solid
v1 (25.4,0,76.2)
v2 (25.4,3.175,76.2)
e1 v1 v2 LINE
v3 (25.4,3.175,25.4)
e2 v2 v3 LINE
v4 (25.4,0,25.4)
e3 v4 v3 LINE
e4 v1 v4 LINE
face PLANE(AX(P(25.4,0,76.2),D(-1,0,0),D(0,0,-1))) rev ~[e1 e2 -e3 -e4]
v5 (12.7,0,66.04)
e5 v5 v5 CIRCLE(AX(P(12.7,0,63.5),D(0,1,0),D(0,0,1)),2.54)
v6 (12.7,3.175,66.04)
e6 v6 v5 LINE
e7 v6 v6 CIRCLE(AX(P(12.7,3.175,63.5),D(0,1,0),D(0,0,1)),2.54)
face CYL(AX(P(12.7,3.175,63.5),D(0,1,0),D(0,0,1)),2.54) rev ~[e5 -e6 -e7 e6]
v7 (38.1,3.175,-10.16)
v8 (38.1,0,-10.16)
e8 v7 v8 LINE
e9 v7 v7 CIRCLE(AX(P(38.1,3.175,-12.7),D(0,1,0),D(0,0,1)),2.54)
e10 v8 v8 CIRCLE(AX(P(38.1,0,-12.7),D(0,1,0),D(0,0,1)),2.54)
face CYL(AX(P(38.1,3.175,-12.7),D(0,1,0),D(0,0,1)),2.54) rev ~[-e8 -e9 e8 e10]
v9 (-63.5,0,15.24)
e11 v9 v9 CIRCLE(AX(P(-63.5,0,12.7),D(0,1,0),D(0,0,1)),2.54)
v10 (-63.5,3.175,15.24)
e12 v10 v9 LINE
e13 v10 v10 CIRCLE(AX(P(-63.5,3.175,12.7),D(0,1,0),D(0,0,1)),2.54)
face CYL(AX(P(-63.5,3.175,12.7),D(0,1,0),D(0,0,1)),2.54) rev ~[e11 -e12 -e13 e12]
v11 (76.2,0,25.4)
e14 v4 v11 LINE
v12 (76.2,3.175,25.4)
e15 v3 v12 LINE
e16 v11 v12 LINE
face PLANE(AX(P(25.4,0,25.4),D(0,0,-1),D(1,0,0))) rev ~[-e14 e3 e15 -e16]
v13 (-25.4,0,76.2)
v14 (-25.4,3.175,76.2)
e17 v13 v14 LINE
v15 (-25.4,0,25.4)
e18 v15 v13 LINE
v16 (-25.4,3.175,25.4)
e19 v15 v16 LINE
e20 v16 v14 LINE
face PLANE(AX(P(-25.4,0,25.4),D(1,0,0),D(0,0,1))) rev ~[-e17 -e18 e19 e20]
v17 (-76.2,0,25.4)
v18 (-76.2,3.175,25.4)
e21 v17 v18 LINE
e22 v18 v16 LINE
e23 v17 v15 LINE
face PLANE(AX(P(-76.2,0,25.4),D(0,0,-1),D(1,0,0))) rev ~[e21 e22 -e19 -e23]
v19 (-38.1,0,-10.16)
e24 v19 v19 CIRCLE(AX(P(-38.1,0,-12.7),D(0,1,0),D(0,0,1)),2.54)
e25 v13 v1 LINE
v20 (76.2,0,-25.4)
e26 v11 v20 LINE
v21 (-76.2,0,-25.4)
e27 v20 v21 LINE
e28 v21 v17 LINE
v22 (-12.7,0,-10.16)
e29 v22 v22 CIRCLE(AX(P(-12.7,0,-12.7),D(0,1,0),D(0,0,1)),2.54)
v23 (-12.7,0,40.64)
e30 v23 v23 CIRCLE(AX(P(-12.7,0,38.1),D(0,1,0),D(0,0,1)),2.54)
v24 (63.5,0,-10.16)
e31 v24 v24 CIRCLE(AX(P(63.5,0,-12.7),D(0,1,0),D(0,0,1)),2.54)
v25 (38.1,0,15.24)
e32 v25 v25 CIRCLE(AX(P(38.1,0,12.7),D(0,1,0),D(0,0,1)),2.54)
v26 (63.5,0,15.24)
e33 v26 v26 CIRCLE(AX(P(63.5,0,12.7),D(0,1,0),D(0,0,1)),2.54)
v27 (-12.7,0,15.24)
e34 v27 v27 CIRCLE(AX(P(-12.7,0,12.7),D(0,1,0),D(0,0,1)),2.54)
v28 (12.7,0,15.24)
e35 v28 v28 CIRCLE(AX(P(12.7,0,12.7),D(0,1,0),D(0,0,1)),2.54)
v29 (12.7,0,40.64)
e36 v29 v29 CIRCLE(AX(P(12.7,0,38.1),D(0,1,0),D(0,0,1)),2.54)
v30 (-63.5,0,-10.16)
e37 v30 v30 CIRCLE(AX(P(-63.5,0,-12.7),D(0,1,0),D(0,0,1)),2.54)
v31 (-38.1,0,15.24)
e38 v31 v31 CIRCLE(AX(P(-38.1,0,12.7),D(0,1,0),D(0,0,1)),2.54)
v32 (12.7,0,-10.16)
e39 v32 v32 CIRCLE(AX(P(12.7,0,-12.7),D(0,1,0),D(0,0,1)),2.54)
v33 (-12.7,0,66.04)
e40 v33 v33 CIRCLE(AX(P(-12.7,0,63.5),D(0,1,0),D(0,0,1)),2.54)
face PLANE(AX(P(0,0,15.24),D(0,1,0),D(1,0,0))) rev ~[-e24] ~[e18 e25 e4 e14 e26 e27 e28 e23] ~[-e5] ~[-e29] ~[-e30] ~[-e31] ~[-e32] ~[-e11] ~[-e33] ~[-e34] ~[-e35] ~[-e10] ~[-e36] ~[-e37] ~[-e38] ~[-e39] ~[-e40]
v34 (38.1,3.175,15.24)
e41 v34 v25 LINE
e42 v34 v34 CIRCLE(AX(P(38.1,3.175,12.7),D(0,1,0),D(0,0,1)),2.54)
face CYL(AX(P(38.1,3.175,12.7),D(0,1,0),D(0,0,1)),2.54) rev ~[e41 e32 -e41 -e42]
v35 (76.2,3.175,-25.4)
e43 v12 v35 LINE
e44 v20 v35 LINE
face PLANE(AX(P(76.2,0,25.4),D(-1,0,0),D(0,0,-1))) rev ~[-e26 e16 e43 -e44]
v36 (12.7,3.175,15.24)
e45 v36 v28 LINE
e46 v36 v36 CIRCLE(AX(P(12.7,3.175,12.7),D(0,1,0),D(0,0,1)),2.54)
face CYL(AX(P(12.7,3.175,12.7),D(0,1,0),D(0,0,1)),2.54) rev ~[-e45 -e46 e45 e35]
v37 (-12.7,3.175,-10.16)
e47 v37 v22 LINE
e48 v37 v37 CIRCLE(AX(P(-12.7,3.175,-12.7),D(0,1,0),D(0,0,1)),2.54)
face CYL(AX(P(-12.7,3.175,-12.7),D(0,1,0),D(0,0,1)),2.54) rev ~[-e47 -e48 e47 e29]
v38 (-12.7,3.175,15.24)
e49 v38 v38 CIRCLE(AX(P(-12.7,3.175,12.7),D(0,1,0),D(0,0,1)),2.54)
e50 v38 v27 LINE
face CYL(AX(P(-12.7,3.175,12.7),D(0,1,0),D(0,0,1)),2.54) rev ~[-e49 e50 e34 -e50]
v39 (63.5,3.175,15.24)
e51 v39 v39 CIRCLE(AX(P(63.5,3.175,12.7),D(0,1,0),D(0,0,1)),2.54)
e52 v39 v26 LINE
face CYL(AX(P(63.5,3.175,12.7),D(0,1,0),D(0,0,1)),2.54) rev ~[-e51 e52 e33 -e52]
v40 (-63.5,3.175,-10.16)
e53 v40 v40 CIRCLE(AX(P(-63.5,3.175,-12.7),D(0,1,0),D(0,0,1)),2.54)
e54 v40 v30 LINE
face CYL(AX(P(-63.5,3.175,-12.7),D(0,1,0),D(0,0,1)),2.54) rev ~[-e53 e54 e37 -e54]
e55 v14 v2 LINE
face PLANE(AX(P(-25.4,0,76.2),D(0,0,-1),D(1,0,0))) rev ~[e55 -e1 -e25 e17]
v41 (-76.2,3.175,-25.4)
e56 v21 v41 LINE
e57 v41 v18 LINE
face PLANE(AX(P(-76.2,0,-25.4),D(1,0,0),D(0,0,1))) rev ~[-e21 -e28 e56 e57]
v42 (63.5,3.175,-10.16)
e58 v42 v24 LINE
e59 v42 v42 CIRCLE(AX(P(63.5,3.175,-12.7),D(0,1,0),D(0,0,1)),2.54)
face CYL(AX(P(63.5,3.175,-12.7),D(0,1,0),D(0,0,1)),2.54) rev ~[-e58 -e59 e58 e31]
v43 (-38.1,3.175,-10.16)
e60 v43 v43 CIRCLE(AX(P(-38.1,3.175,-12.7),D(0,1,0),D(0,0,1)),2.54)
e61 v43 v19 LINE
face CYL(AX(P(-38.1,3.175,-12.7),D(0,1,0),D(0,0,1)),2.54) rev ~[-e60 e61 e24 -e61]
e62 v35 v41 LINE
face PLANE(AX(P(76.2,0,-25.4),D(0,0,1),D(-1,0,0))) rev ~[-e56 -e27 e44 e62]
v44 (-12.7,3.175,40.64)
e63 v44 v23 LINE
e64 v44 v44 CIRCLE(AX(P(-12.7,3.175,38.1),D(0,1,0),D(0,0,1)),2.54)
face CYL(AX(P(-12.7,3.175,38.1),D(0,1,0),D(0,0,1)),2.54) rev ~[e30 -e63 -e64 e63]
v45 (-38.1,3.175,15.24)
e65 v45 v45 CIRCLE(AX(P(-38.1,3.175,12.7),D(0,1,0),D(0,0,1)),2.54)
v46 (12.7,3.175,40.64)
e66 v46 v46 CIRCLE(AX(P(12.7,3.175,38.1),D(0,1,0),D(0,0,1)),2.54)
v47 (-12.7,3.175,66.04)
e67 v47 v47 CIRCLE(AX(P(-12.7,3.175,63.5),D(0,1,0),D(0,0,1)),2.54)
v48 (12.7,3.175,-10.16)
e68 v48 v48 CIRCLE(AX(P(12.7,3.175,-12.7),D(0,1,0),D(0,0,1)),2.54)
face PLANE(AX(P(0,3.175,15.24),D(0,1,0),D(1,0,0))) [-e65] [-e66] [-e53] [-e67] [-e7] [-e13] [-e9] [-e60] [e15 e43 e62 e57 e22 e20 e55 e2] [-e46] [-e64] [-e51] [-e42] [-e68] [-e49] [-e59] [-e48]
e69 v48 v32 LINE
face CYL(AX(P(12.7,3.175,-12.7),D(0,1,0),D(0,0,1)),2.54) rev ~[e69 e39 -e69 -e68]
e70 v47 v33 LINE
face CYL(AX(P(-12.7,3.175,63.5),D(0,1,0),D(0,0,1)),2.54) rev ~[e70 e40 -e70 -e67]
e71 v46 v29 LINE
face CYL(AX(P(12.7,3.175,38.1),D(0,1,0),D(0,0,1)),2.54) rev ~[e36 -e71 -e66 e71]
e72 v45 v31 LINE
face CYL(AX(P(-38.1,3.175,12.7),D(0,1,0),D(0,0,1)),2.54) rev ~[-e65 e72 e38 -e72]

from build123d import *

# Parameters (mm, degrees)
BOSS_EXTRUDE1_DEPTH  = 3.175
SKETCH2_R            = 2.54
CUT_EXTRUDE1_DEPTH   = 3.175
LPATTERN1_COUNT      = 6
LPATTERN1_PITCH      = 25.4
LPATTERN1_COUNT_DIR2 = 2
LPATTERN1_PITCH_DIR2 = 25.4
SKETCH3_R            = 2.54
CUT_EXTRUDE2_DEPTH   = 3.175
LPATTERN2_COUNT      = 2
LPATTERN2_PITCH      = 25.4
LPATTERN2_COUNT_DIR2 = 2
LPATTERN2_PITCH_DIR2 = 25.4


with BuildPart() as part:
    # Sketch1 → Boss-Extrude1 (new body)
    with BuildSketch(Plane(origin=(0, 0, 0), x_dir=(1, 0, 0), z_dir=(0, 1, 0))):
        Polygon((25.4, -25.4), (76.2, -25.4), (76.2, 25.4), (-76.2, 25.4), (-76.2, -25.4), (-25.4, -25.4), (-25.4, -76.2), (25.4, -76.2), align=None)
    extrude(amount=BOSS_EXTRUDE1_DEPTH)

    # Sketch2 → Cut-Extrude1 (cut)
    with BuildSketch(Plane(origin=(0, 3.175, 0), x_dir=(1, 0, 0), z_dir=(0, 1, 0))):
        with Locations(Location((-63.5, 12.7, 0), (0, 0, 270))):
            Circle(SKETCH2_R)
    cut_extrude1 = extrude(amount=-CUT_EXTRUDE1_DEPTH, mode=Mode.SUBTRACT)

    # LPattern1: Cut-Extrude1 6 × 2
    with Locations(*[(i * LPATTERN1_PITCH, 0, j * LPATTERN1_PITCH_DIR2) for i in range(LPATTERN1_COUNT) for j in range(LPATTERN1_COUNT_DIR2) if (i, j) != (0, 0)]):
        add(cut_extrude1, mode=Mode.SUBTRACT)

    # Sketch3 → Cut-Extrude2 (cut)
    with BuildSketch(Plane(origin=(0, 3.175, 0), x_dir=(1, 0, 0), z_dir=(0, 1, 0))):
        with Locations(Location((-12.7, -63.5, 0), (0, 0, 270))):
            Circle(SKETCH3_R)
    cut_extrude2 = extrude(amount=-CUT_EXTRUDE2_DEPTH, mode=Mode.SUBTRACT)

    # LPattern2: Cut-Extrude2 2 × 2
    with Locations(*[(i * LPATTERN2_PITCH, 0, -j * LPATTERN2_PITCH_DIR2) for i in range(LPATTERN2_COUNT) for j in range(LPATTERN2_COUNT_DIR2) if (i, j) != (0, 0)]):
        add(cut_extrude2, mode=Mode.SUBTRACT)


solid = part.part
